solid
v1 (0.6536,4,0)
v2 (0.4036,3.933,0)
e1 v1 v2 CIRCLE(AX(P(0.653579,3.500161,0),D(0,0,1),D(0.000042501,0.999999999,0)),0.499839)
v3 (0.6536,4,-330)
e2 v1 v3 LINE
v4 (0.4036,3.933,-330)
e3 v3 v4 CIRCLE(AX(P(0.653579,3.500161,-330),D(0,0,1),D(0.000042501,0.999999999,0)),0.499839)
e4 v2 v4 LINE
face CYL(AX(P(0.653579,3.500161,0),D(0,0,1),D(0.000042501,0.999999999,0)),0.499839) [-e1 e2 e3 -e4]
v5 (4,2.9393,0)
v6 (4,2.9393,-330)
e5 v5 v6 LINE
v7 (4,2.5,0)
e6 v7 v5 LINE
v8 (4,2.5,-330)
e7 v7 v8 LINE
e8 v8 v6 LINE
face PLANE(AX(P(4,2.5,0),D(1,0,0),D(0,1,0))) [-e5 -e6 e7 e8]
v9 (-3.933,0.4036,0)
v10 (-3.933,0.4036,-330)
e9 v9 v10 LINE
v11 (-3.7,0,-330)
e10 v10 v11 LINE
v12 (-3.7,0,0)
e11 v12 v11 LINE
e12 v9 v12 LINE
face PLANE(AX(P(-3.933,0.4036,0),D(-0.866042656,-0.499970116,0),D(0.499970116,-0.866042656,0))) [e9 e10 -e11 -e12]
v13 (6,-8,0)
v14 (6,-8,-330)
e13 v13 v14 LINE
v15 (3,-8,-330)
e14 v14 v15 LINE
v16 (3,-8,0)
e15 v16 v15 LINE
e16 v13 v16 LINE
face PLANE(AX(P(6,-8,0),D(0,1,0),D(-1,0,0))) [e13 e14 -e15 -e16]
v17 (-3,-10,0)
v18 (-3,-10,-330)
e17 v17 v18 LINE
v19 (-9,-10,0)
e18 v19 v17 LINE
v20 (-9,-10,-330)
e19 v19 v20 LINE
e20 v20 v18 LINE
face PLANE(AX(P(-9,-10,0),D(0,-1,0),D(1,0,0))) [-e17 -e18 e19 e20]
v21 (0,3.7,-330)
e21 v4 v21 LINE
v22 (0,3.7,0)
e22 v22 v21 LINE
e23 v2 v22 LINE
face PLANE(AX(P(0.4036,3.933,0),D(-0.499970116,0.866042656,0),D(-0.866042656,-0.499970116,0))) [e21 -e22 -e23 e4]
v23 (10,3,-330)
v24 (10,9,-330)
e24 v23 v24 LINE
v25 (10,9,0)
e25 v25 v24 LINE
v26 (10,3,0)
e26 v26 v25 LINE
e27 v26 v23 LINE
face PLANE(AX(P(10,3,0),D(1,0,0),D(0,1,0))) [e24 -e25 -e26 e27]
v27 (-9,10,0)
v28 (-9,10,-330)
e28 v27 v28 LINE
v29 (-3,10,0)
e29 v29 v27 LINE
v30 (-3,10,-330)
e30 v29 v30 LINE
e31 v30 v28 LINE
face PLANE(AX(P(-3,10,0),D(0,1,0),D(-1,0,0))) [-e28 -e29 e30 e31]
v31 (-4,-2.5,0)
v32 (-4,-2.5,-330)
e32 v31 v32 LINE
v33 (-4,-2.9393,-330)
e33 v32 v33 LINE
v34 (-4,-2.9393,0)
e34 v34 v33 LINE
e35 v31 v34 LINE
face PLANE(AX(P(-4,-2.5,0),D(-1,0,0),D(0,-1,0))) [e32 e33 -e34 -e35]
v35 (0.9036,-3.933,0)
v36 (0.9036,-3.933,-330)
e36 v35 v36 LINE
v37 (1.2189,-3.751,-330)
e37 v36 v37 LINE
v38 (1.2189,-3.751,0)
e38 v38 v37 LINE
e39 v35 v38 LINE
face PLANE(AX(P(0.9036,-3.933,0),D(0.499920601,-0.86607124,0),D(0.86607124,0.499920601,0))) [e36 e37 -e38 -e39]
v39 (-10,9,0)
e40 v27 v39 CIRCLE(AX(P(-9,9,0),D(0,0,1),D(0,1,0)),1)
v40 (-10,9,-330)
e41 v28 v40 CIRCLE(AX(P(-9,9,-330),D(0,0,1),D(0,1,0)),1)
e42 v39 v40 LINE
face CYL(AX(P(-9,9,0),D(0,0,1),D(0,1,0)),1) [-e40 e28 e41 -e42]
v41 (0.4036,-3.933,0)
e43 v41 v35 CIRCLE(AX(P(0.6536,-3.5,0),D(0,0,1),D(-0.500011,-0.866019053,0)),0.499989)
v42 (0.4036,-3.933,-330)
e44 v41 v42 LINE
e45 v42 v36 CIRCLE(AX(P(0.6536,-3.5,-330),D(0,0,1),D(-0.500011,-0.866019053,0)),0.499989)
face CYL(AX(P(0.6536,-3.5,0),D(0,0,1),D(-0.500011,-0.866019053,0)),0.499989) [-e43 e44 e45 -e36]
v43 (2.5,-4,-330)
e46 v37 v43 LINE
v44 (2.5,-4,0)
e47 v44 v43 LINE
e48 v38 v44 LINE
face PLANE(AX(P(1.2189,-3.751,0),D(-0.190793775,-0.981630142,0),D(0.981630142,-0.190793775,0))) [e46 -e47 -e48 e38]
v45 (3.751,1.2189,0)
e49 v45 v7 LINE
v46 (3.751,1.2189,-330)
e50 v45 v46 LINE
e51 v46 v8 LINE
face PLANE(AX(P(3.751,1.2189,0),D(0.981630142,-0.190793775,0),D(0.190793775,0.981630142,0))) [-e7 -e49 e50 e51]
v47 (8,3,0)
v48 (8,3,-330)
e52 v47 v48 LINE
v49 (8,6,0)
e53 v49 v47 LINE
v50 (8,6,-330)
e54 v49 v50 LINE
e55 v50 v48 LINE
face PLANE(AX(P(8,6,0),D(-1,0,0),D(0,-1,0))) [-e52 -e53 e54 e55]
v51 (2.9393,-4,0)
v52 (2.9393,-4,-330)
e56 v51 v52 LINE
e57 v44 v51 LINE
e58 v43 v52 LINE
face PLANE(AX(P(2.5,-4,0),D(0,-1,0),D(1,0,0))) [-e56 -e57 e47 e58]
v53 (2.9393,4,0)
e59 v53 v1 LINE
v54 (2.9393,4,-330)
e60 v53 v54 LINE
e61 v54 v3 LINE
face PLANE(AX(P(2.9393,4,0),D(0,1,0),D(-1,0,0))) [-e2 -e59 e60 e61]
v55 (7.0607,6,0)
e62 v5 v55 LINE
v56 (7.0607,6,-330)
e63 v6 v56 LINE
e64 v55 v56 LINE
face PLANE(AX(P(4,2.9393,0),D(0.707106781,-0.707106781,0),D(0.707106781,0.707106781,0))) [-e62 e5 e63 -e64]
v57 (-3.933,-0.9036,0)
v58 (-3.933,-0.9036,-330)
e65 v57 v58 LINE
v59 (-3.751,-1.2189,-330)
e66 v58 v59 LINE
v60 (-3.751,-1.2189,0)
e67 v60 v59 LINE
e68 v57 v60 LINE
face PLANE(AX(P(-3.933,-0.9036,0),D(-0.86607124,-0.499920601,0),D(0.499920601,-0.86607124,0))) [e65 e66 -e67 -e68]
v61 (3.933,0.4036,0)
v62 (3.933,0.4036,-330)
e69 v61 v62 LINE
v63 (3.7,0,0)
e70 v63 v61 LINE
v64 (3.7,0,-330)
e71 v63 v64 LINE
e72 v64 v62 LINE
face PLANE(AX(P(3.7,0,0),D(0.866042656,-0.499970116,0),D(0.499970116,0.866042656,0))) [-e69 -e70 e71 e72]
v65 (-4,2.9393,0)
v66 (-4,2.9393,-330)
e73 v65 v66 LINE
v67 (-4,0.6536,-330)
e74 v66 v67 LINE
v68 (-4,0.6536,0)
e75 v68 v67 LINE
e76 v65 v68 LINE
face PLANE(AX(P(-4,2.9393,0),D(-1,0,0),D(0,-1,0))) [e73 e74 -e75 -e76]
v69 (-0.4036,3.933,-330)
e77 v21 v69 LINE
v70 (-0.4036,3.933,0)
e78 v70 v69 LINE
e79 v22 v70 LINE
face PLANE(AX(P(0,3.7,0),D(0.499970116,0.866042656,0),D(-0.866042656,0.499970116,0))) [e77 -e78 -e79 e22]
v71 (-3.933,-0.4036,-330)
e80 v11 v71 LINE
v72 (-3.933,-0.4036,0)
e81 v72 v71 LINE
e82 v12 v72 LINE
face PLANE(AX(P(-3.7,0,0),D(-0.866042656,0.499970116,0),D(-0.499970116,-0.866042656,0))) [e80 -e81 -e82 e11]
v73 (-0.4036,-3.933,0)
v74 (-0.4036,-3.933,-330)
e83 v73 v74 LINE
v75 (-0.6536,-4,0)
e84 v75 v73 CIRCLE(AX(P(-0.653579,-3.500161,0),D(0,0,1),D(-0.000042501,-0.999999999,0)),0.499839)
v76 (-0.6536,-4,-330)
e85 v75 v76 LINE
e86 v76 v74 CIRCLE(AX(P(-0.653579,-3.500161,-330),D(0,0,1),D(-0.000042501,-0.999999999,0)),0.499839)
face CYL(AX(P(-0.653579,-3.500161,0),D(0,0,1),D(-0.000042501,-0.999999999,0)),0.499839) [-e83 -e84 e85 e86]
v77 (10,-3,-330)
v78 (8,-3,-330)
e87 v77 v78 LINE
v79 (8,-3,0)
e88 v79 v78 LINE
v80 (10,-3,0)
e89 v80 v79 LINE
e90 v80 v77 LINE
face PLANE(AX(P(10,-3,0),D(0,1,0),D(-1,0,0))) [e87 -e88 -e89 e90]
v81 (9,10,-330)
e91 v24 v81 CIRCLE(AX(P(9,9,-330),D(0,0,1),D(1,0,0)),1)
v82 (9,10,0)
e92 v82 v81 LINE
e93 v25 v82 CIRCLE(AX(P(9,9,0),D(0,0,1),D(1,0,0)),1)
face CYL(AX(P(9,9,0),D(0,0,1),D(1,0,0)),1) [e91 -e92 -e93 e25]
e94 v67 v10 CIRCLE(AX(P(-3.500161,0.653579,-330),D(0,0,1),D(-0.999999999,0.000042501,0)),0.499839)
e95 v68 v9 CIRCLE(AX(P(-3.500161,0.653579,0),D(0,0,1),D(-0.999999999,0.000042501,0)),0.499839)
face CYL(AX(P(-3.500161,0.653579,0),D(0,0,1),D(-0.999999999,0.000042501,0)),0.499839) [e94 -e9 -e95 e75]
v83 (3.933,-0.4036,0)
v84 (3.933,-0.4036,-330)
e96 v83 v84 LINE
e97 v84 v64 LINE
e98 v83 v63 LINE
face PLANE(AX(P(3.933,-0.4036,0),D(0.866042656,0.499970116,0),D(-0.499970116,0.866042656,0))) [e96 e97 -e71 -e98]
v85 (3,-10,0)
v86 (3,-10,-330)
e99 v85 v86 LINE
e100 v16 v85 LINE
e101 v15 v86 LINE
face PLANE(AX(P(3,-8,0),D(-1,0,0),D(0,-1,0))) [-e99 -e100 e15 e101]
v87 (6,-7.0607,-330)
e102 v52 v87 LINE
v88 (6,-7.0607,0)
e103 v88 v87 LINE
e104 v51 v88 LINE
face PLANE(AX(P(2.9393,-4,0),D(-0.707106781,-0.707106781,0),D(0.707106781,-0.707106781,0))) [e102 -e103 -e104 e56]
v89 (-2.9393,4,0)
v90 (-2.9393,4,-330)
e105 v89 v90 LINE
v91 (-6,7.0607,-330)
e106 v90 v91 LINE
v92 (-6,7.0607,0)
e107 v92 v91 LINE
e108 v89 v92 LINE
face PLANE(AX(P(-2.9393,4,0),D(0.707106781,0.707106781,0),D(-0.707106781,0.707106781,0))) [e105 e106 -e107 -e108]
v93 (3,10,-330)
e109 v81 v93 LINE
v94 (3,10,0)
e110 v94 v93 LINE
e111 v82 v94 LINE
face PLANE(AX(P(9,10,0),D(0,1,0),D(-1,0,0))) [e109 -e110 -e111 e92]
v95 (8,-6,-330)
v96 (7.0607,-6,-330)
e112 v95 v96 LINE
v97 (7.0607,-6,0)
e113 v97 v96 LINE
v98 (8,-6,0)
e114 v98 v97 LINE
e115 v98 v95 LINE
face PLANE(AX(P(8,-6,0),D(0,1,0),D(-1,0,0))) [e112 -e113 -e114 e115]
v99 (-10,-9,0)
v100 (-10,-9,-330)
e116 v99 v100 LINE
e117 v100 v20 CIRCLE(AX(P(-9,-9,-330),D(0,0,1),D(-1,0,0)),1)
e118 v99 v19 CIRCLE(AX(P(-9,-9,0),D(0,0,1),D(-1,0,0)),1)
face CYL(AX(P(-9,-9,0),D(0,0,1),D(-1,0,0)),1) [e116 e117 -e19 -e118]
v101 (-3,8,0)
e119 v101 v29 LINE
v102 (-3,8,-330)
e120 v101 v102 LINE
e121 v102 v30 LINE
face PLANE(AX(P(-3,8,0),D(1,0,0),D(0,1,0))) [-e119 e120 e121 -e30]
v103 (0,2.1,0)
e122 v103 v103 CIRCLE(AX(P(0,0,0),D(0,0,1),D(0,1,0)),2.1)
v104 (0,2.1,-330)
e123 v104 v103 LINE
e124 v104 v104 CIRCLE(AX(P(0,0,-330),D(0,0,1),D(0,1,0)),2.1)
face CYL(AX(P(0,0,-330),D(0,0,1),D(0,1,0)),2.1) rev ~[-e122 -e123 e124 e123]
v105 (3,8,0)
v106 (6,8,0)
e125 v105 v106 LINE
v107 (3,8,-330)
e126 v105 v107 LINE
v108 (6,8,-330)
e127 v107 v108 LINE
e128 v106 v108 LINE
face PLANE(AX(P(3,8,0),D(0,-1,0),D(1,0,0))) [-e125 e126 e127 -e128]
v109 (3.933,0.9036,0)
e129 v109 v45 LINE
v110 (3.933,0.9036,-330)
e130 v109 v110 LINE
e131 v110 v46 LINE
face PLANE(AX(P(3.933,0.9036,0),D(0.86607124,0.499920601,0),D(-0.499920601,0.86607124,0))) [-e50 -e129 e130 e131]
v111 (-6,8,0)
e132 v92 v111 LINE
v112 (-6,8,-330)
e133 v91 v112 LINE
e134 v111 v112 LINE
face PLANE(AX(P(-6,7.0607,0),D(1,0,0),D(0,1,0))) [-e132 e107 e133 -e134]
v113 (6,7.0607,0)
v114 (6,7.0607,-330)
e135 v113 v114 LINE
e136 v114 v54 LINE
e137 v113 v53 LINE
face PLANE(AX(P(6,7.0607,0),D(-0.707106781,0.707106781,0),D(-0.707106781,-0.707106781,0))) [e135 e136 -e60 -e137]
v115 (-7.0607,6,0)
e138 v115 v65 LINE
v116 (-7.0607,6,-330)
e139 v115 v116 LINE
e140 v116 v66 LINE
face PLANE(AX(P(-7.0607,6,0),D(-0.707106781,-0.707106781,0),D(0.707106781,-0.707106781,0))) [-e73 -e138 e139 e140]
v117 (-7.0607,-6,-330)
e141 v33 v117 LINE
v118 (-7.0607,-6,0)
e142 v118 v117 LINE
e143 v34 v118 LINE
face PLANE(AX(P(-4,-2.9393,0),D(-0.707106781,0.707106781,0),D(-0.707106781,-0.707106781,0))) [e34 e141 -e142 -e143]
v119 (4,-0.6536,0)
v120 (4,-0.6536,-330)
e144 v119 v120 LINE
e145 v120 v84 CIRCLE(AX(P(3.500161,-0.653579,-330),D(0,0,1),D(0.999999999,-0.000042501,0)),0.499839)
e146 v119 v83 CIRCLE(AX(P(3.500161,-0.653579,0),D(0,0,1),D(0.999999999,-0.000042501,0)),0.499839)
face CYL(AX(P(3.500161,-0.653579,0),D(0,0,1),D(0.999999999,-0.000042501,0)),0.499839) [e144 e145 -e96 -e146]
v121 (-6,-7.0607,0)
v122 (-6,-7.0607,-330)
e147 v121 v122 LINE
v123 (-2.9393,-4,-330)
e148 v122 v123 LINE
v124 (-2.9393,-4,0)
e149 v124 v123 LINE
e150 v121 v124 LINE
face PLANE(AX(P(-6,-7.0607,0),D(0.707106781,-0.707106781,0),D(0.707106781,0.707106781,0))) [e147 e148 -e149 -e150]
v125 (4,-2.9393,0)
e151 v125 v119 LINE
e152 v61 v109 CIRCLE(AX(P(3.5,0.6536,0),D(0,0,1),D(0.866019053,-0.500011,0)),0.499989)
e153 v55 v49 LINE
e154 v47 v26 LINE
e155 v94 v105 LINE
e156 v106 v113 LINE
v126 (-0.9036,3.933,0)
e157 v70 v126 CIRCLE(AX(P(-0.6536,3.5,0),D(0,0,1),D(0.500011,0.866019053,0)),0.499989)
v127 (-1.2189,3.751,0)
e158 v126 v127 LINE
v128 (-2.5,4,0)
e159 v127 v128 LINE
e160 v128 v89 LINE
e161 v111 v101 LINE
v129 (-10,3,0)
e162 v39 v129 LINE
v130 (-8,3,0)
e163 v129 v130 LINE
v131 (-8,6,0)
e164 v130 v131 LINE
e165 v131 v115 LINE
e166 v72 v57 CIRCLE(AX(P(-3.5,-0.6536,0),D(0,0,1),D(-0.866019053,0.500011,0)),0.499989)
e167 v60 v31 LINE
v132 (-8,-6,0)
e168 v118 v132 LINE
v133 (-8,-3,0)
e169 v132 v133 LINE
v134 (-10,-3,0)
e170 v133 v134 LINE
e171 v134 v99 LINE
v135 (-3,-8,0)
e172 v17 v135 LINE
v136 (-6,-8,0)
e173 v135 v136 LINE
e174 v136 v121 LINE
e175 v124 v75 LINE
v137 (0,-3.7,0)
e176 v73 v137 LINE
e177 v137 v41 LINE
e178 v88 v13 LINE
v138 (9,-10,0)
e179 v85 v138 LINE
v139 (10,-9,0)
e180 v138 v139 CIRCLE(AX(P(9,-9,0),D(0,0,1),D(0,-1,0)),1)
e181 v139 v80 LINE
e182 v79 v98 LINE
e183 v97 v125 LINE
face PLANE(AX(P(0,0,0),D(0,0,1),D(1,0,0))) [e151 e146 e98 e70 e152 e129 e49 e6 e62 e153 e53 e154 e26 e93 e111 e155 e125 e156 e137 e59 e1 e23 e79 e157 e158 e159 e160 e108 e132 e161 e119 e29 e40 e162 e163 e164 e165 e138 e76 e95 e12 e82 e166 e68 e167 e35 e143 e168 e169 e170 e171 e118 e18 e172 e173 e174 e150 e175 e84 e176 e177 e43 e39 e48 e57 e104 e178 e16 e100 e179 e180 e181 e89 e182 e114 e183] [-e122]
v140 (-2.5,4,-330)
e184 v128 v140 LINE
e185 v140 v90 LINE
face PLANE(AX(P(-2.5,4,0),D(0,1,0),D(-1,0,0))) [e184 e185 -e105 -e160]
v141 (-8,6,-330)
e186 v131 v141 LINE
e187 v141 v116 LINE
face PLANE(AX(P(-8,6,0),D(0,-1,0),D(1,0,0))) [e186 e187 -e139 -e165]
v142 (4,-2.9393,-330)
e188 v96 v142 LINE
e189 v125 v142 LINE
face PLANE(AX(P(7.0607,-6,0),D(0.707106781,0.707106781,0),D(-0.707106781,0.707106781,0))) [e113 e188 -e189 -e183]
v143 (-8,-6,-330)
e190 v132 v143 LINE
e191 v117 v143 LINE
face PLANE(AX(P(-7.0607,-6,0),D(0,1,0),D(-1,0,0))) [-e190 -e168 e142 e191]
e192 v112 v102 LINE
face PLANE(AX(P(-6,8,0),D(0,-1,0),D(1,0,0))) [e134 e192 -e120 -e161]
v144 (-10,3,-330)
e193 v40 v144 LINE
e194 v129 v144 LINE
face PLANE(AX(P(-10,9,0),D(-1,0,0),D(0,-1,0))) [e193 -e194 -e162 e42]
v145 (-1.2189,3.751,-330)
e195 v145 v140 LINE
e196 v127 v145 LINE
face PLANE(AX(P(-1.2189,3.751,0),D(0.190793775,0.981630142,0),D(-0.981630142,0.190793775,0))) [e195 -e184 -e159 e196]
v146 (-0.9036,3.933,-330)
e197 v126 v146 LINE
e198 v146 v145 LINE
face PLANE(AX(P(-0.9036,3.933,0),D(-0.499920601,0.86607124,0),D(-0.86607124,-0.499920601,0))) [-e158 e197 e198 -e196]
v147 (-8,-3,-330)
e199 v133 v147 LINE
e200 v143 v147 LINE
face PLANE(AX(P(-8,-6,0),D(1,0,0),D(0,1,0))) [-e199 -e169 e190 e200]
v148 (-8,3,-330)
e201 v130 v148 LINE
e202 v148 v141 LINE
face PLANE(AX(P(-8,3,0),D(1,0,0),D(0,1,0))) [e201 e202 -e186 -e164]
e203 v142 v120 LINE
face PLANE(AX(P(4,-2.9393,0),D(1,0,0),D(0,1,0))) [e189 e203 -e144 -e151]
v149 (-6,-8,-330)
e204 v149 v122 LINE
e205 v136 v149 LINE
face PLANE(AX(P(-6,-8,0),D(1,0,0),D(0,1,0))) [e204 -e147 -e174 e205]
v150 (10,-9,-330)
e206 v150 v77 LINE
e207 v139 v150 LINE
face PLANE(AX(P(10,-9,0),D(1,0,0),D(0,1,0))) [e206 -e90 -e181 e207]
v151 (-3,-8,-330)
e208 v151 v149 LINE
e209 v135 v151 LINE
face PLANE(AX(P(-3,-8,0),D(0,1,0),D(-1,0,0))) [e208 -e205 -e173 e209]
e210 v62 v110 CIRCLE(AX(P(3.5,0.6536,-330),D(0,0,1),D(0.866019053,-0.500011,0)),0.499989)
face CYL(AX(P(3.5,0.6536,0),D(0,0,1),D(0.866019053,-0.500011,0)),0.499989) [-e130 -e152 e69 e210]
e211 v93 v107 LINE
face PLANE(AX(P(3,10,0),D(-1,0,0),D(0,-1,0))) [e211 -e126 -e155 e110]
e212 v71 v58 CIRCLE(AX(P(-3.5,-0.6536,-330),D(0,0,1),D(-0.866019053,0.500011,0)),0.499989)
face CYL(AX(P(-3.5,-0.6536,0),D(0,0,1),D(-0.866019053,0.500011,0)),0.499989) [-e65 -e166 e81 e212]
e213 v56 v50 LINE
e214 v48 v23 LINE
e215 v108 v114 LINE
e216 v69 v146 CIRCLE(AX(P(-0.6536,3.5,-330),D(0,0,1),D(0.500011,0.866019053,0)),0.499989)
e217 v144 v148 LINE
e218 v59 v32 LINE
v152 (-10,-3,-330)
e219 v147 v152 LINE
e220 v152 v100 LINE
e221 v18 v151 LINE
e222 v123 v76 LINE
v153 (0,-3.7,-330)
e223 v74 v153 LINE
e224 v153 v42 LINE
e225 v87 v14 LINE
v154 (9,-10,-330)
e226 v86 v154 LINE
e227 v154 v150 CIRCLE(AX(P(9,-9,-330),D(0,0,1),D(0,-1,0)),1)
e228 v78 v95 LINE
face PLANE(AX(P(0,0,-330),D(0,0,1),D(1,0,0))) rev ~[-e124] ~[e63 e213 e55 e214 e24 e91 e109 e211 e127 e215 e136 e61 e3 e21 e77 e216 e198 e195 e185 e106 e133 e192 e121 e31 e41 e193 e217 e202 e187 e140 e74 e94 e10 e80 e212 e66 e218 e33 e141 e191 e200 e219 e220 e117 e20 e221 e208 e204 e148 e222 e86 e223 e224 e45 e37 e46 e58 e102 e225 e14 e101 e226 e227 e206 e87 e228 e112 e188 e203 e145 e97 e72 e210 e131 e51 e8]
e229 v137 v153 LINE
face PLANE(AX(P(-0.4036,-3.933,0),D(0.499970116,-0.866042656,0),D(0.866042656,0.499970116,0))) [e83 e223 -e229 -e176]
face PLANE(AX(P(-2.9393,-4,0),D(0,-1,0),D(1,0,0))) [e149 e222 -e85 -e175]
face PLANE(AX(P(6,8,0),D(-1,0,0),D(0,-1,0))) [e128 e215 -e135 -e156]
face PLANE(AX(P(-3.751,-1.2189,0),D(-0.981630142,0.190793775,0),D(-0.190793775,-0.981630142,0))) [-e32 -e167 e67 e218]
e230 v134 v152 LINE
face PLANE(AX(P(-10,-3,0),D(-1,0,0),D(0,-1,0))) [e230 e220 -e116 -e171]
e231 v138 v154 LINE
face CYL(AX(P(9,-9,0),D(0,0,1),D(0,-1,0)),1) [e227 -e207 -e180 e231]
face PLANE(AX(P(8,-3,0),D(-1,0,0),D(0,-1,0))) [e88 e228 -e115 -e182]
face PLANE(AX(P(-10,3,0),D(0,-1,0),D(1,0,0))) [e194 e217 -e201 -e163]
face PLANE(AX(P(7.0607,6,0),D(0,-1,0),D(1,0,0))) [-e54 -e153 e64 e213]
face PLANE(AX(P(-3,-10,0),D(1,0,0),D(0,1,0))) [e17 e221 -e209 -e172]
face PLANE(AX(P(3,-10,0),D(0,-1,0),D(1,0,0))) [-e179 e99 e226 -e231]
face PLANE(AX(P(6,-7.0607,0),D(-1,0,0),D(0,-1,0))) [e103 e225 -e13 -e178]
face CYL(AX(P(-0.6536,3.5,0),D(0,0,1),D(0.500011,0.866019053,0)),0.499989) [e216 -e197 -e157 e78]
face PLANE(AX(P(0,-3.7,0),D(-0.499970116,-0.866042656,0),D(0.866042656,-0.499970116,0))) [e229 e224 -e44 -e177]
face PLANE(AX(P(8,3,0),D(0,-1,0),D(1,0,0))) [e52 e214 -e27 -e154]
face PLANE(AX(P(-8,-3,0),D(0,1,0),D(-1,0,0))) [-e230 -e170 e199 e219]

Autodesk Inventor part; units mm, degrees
sketch "Sketch_75" plane through (0, 0, 0) normal (0, 0, 1) x (1, 0, 0)
  line L0 (-10, -3) -> (-10, -9)
  arc A0 (-10, -9) -> (-9, -10) centre (-9, -9) ccw
  line L1 (-9, -10) -> (-3, -10)
  line L2 (-3, -10) -> (-3, -8)
  line L3 (-3, -8) -> (-6, -8)
  line L4 (-6, -8) -> (-6, -7.0607)
  line L5 (-6, -7.0607) -> (-2.9393, -4)
  line L6 (-2.9393, -4) -> (-0.6536, -4)
  arc A1 (-0.6536, -4) -> (-0.4036, -3.933) centre (-0.6536, -3.5) ccw
  line L7 (-0.4036, -3.933) -> (0, -3.7)
  line L8 (0, -3.7) -> (0.4036, -3.933)
  arc A2 (0.4036, -3.933) -> (0.9036, -3.933) centre (0.6536, -3.5) ccw
  line L9 (0.9036, -3.933) -> (1.2189, -3.751)
  line L10 (1.2189, -3.751) -> (2.5, -4)
  line L11 (2.5, -4) -> (2.9393, -4)
  line L12 (2.9393, -4) -> (6, -7.0607)
  line L13 (6, -7.0607) -> (6, -8)
  line L14 (6, -8) -> (3, -8)
  line L15 (3, -8) -> (3, -10)
  line L16 (3, -10) -> (9, -10)
  arc A3 (9, -10) -> (10, -9) centre (9, -9) ccw
  line L17 (10, -9) -> (10, -3)
  line L18 (10, -3) -> (8, -3)
  line L19 (8, -3) -> (8, -6)
  line L20 (8, -6) -> (7.0607, -6)
  line L21 (7.0607, -6) -> (4, -2.9393)
  line L22 (4, -2.9393) -> (4, -0.6536)
  arc A4 (4, -0.6536) -> (3.933, -0.4036) centre (3.5, -0.6536) ccw
  line L23 (3.933, -0.4036) -> (3.7, 0)
  line L24 (3.7, 0) -> (3.933, 0.4036)
  arc A5 (3.933, 0.4036) -> (3.933, 0.9036) centre (3.5, 0.6536) ccw
  line L25 (3.933, 0.9036) -> (3.751, 1.2189)
  line L26 (3.751, 1.2189) -> (4, 2.5)
  line L27 (4, 2.5) -> (4, 2.9393)
  line L28 (4, 2.9393) -> (7.0607, 6)
  line L29 (7.0607, 6) -> (8, 6)
  line L30 (8, 6) -> (8, 3)
  line L31 (8, 3) -> (10, 3)
  line L32 (10, 3) -> (10, 9)
  arc A6 (10, 9) -> (9, 10) centre (9, 9) ccw
  line L33 (9, 10) -> (3, 10)
  line L34 (3, 10) -> (3, 8)
  line L35 (3, 8) -> (6, 8)
  line L36 (6, 8) -> (6, 7.0607)
  line L37 (6, 7.0607) -> (2.9393, 4)
  line L38 (2.9393, 4) -> (0.6536, 4)
  arc A7 (0.6536, 4) -> (0.4036, 3.933) centre (0.6536, 3.5) ccw
  line L39 (0.4036, 3.933) -> (0, 3.7)
  line L40 (0, 3.7) -> (-0.4036, 3.933)
  arc A8 (-0.4036, 3.933) -> (-0.9036, 3.933) centre (-0.6536, 3.5) ccw
  line L41 (-0.9036, 3.933) -> (-1.2189, 3.751)
  line L42 (-1.2189, 3.751) -> (-2.5, 4)
  line L43 (-2.5, 4) -> (-2.9393, 4)
  line L44 (-2.9393, 4) -> (-6, 7.0607)
  line L45 (-6, 7.0607) -> (-6, 8)
  line L46 (-6, 8) -> (-3, 8)
  line L47 (-3, 8) -> (-3, 10)
  line L48 (-3, 10) -> (-9, 10)
  arc A9 (-9, 10) -> (-10, 9) centre (-9, 9) ccw
  line L49 (-10, 9) -> (-10, 3)
  line L50 (-10, 3) -> (-8, 3)
  line L51 (-8, 3) -> (-8, 6)
  line L52 (-8, 6) -> (-7.0607, 6)
  line L53 (-7.0607, 6) -> (-4, 2.9393)
  line L54 (-4, 2.9393) -> (-4, 0.6536)
  arc A10 (-4, 0.6536) -> (-3.933, 0.4036) centre (-3.5, 0.6536) ccw
  line L55 (-3.933, 0.4036) -> (-3.7, 0)
  line L56 (-3.7, 0) -> (-3.933, -0.4036)
  arc A11 (-3.933, -0.4036) -> (-3.933, -0.9036) centre (-3.5, -0.6536) ccw
  line L57 (-3.933, -0.9036) -> (-3.751, -1.2189)
  line L58 (-3.751, -1.2189) -> (-4, -2.5)
  line L59 (-4, -2.5) -> (-4, -2.9393)
  line L60 (-4, -2.9393) -> (-7.0607, -6)
  line L61 (-7.0607, -6) -> (-8, -6)
  line L62 (-8, -6) -> (-8, -3)
  line L63 (-8, -3) -> (-10, -3)
extrude "Extrusion1" add sketch "Sketch_75" against normal blind 330
sketch "Sketch2" plane through (0, 0, -330) normal (0, 0, -1) x (-1, 0, 0)
  point P0 (0, 0)
hole "Hole1" at (0, 0, -330) direction (0, 0, 1) diameter 4.2 depth 330
ref_plane "C1_XY" through (0, 0, 0) normal (0, 0, 1) x (1, 0, 0)
ref_plane "C1_YZ" through (0, 0, 0) normal (1, 0, 0) x (0, 1, 0)
ref_plane "C1_ZX" through (0, 0, 0) normal (0, 1, 0) x (0, 0, 1)
properties part number "NFS5-2020-330" material "アルミニウム 6061"
